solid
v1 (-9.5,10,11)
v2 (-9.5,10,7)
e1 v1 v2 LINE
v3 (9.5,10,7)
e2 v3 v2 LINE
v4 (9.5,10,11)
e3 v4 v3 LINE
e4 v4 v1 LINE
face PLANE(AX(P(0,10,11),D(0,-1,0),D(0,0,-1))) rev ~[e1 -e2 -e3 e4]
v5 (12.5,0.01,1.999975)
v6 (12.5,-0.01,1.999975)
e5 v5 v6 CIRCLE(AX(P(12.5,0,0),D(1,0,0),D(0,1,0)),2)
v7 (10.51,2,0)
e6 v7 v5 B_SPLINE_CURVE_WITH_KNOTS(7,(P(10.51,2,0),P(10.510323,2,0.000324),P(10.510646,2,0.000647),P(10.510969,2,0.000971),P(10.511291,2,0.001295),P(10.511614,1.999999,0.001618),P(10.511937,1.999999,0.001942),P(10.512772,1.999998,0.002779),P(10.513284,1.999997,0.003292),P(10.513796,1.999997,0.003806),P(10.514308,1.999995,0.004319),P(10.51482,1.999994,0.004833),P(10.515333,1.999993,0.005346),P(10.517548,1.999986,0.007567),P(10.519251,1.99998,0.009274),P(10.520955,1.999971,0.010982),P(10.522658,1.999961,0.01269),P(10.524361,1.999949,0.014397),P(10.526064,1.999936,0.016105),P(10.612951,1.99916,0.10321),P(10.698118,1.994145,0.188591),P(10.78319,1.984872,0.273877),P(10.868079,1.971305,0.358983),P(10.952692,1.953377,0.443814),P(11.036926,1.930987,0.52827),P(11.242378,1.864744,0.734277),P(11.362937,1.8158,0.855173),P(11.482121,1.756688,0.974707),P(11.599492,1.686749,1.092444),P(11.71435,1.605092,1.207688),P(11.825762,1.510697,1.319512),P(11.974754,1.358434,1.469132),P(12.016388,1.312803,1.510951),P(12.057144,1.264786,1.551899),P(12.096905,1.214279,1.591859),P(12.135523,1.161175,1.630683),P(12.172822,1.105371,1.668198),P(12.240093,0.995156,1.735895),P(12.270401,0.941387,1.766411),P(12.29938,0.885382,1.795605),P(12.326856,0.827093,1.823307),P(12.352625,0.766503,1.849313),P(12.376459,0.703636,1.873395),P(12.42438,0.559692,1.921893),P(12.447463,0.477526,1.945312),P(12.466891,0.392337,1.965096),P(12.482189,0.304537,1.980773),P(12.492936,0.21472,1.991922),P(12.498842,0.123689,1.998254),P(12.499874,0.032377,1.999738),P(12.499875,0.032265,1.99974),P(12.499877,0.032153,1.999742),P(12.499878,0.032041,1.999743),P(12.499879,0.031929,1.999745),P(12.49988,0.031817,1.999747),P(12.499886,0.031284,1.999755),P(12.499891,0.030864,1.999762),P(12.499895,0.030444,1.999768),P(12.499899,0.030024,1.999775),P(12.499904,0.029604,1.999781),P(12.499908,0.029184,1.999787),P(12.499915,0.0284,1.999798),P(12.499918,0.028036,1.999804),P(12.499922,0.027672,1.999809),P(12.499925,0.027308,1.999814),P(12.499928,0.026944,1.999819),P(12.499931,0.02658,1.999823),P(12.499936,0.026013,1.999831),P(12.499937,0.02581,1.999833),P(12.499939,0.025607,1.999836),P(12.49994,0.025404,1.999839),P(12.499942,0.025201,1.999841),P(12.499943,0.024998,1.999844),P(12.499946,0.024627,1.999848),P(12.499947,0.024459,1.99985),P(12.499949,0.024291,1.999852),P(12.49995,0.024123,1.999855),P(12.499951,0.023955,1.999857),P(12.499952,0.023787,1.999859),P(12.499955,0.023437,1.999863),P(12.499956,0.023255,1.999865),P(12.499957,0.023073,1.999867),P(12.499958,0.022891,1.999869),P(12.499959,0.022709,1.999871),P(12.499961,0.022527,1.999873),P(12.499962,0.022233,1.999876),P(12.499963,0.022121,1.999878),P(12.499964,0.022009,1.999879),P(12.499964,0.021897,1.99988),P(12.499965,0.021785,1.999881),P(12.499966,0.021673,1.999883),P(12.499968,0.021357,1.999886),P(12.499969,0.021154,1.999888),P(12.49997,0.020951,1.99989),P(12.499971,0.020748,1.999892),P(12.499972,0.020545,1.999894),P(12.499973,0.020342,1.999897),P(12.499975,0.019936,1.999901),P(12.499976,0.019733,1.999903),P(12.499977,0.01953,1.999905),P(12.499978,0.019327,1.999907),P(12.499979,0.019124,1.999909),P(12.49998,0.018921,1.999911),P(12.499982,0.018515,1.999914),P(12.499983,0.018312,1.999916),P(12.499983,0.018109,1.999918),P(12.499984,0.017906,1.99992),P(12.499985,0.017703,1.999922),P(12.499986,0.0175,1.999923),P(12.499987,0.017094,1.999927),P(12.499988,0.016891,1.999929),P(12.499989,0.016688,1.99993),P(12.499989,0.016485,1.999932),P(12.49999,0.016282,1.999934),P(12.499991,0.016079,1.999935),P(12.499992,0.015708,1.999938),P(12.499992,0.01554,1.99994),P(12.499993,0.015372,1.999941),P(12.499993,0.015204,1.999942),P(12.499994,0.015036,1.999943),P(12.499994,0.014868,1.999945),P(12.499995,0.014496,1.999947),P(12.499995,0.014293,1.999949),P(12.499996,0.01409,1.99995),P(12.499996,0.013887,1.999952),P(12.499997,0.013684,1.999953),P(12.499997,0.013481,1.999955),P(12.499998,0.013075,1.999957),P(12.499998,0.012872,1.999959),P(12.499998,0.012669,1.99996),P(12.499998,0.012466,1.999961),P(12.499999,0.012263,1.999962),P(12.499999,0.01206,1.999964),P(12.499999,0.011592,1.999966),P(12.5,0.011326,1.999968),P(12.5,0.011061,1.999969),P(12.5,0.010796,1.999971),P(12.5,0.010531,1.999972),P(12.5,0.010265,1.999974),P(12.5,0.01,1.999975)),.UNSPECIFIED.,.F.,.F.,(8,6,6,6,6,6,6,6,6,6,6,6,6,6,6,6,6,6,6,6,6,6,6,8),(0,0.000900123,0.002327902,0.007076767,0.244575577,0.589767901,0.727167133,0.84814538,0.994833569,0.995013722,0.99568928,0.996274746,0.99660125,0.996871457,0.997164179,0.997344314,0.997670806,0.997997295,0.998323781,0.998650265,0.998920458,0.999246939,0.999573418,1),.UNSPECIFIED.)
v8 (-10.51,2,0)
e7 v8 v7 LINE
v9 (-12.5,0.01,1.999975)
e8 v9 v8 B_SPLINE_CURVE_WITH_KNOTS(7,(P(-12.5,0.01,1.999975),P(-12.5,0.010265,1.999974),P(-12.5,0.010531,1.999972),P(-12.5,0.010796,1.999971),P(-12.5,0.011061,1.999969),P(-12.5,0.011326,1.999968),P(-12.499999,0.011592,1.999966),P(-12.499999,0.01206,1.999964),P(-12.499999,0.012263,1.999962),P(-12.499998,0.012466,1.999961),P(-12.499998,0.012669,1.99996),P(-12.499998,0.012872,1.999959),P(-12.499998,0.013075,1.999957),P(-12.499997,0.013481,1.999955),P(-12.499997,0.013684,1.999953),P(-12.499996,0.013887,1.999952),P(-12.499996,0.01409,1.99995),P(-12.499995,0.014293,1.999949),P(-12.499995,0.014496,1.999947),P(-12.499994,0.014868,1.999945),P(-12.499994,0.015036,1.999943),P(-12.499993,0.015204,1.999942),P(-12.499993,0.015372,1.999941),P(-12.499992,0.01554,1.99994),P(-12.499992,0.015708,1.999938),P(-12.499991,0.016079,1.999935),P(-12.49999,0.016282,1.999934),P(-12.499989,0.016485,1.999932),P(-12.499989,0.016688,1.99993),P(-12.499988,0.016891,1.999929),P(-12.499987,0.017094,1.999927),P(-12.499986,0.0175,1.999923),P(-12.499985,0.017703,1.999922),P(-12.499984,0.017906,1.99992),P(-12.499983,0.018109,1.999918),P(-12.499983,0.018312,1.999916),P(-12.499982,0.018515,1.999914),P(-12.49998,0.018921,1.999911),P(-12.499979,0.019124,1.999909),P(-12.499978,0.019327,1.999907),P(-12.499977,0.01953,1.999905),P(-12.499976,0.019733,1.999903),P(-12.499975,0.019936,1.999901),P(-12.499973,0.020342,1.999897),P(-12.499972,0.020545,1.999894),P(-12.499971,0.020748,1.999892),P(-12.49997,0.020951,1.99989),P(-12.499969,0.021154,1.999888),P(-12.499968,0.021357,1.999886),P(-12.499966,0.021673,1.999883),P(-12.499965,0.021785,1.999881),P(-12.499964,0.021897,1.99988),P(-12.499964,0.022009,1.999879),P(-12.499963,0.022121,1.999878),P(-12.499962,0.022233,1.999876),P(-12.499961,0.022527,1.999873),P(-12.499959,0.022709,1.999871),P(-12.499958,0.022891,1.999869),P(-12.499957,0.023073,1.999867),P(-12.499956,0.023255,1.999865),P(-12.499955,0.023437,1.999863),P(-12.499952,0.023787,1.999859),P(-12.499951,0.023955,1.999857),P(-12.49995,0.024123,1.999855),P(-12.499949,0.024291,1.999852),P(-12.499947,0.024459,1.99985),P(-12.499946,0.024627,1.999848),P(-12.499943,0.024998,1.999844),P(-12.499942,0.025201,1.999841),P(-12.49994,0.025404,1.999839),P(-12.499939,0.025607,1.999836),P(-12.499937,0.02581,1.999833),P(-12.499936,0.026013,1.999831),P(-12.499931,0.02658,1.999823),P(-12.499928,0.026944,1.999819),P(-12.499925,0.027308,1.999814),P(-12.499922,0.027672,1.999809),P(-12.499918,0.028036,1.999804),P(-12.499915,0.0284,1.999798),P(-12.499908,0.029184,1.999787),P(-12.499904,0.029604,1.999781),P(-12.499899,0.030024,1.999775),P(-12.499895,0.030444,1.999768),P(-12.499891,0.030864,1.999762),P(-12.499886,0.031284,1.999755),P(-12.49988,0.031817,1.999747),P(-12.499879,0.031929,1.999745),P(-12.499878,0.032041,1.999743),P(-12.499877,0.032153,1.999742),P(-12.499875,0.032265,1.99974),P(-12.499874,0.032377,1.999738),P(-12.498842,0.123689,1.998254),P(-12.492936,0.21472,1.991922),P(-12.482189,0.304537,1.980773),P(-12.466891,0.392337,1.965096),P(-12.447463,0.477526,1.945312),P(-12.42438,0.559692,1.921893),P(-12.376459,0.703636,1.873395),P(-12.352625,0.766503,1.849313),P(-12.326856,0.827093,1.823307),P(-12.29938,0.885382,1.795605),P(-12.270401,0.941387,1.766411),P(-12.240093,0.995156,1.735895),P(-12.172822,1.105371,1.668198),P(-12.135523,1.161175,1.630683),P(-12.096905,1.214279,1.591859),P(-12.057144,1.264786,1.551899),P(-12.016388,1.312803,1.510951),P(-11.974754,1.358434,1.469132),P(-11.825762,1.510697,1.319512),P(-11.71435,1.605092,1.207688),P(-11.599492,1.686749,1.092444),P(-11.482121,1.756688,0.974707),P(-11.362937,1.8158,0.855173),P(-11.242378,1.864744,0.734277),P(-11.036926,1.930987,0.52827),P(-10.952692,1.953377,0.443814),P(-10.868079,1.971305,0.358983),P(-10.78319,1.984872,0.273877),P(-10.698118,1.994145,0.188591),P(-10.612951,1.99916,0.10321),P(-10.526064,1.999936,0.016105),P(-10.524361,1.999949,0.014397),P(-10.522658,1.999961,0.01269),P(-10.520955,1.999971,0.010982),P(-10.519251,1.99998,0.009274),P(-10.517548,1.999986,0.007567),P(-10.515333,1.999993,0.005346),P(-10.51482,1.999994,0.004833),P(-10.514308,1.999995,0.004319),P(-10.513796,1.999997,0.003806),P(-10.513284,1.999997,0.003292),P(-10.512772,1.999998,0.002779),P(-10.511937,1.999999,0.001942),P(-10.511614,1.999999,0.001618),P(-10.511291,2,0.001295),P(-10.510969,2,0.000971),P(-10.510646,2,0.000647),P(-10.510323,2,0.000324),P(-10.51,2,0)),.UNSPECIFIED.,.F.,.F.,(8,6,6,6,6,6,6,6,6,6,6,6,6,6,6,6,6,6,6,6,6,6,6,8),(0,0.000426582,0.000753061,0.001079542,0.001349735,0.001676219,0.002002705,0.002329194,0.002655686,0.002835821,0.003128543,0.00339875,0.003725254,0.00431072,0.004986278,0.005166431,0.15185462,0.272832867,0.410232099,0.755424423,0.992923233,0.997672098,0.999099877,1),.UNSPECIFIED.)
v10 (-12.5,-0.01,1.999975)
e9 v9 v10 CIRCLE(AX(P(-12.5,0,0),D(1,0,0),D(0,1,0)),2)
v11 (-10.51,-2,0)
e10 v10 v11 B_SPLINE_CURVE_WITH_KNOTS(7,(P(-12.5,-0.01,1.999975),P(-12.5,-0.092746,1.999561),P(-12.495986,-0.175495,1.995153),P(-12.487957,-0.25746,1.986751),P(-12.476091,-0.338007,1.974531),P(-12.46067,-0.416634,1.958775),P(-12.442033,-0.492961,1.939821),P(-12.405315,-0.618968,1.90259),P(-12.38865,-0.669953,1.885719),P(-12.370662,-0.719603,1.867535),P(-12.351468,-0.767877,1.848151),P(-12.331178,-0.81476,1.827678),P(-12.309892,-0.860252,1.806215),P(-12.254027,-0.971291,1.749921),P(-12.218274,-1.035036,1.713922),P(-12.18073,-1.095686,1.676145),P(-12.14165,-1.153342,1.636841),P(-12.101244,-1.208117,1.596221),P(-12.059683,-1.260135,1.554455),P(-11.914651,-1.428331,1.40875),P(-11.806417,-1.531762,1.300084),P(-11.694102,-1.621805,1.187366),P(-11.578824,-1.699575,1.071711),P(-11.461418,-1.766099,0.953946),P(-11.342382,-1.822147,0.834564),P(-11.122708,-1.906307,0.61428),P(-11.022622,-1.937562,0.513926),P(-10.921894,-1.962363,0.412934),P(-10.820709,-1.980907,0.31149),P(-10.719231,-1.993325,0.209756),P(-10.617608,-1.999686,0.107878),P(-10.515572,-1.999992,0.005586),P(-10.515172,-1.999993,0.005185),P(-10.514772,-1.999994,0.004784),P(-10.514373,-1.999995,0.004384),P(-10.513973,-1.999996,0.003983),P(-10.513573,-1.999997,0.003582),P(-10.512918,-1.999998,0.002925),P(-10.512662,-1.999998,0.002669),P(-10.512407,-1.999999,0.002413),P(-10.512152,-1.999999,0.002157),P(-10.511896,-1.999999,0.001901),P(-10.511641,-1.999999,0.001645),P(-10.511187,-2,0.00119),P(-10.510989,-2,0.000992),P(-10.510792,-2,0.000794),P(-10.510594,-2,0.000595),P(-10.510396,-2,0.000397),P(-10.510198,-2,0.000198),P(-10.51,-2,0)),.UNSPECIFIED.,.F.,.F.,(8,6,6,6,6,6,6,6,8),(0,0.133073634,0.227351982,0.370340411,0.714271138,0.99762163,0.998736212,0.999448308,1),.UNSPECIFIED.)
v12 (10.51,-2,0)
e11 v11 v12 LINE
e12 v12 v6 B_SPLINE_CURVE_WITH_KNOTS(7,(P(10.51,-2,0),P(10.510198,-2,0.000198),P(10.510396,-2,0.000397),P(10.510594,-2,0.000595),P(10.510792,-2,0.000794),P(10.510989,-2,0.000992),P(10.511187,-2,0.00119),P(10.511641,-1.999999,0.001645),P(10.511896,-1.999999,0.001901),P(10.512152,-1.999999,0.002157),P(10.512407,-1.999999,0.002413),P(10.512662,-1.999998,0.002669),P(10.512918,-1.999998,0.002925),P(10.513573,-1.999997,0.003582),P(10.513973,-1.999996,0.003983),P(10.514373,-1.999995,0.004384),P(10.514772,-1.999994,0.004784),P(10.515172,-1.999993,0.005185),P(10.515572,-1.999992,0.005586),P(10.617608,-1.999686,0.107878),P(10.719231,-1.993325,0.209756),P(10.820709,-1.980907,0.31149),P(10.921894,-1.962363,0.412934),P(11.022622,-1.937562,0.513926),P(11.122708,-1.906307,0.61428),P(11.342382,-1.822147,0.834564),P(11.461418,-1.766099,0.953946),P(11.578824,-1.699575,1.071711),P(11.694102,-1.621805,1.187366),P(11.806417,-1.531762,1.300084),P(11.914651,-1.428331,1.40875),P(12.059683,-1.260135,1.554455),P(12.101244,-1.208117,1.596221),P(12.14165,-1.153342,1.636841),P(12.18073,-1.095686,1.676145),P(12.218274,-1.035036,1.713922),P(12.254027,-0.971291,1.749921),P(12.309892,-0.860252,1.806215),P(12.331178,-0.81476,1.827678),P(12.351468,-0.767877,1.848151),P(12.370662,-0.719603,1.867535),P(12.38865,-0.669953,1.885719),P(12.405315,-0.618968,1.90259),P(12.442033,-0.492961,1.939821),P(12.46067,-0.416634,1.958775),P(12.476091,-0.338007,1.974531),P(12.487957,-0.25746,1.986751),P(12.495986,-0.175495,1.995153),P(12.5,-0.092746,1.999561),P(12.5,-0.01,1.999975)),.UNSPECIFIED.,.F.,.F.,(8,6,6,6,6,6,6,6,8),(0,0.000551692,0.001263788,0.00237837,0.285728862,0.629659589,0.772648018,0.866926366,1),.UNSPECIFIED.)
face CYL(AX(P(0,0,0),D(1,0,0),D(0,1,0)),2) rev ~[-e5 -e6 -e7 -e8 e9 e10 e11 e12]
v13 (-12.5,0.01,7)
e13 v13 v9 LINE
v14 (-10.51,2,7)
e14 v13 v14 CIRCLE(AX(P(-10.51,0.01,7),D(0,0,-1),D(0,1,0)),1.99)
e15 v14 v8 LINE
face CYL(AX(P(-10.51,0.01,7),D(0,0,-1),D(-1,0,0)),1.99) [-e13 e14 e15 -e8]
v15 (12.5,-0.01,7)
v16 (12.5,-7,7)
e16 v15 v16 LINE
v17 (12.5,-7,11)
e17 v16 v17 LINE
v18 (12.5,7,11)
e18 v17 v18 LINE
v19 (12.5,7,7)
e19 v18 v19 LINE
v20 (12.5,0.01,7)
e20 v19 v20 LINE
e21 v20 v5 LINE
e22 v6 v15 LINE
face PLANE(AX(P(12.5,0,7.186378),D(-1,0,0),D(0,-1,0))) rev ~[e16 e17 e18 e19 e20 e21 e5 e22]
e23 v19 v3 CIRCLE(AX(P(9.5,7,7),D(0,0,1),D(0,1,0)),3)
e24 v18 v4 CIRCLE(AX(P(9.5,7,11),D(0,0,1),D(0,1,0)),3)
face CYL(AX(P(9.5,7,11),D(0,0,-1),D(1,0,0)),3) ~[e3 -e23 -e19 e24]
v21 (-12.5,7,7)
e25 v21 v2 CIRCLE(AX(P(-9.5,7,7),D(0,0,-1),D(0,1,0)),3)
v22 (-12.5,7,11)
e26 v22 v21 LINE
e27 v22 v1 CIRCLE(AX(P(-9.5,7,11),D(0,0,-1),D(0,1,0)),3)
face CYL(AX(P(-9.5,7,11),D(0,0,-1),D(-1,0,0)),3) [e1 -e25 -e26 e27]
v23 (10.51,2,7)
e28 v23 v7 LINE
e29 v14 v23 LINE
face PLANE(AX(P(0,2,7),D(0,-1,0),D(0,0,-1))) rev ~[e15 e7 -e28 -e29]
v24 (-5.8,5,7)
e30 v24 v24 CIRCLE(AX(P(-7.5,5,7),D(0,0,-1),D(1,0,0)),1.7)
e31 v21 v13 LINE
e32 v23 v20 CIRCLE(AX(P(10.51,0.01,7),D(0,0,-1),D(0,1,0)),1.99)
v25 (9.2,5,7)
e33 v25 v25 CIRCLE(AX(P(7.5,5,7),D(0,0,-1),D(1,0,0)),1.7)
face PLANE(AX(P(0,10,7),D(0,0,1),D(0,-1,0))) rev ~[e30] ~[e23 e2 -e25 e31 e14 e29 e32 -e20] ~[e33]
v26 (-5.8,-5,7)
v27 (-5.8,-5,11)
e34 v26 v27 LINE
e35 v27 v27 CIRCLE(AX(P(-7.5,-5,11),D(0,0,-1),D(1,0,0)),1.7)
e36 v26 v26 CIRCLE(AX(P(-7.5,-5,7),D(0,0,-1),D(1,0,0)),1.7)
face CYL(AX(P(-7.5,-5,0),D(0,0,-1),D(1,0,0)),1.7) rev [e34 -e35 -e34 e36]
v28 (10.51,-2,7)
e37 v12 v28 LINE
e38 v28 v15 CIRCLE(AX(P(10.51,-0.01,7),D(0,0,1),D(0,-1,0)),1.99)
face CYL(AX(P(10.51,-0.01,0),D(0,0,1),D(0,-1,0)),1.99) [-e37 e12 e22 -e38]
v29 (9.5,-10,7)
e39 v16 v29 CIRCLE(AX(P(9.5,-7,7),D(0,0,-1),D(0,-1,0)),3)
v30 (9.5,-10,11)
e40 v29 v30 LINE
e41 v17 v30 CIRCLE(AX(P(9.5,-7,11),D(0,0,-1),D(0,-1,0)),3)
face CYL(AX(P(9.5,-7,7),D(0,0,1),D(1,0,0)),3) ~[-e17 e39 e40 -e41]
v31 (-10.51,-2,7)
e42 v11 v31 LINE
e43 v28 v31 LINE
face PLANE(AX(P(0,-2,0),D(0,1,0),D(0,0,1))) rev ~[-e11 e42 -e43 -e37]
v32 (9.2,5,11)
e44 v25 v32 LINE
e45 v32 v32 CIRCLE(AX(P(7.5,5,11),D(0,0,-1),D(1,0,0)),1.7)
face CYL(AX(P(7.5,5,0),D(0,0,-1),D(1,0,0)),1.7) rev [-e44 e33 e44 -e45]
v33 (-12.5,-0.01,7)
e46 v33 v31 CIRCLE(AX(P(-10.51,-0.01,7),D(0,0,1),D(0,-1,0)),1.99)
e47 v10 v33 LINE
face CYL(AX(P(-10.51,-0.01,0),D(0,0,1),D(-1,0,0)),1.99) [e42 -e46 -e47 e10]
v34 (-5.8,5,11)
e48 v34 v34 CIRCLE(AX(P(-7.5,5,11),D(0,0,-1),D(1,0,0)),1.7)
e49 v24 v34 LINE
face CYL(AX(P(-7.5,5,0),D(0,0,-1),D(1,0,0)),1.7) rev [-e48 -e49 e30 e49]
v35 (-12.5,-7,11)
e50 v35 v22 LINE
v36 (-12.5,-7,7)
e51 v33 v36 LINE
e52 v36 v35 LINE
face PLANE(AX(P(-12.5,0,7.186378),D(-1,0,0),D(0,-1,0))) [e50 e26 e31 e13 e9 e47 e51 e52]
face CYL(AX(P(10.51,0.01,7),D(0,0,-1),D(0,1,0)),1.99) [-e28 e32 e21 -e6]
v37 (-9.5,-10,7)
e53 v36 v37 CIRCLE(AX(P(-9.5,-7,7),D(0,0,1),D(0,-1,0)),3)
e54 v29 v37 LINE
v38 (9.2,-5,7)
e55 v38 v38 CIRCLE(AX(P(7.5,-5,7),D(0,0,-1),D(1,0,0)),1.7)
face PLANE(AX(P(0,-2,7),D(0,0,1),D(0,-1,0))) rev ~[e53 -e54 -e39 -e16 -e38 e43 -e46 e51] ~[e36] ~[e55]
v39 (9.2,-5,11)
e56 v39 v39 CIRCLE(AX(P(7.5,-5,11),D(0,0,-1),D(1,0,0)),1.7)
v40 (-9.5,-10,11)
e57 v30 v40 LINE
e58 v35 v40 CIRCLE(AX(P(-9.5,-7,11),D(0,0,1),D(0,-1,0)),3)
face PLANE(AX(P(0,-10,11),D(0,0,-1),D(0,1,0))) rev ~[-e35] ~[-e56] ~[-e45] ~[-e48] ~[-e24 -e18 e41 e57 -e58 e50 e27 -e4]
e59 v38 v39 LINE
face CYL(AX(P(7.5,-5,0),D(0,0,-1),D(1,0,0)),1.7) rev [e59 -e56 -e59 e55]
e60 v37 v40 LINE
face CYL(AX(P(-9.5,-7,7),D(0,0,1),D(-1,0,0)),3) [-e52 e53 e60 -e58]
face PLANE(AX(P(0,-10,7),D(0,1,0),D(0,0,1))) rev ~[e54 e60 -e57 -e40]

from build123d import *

# Parameters (mm, degrees)
PAD_DEPTH         = 12.5
SKETCH001_R       = 1.7
POCKET_DEPTH      = 0.001
POCKET_DEPTH_BACK = -11.001
FILLET_R          = 3
FILLET001_R       = 1.99


with BuildPart() as part:
    # Sketch → Pad (new body, symmetric)
    with BuildSketch(Plane.YZ):
        with BuildLine():
            Line((-2, 0), (-2, 7))
            Line((-2, 7), (-10, 7))
            Line((-10, 7), (-10, 11))
            Line((-10, 11), (10, 11))
            Line((10, 11), (10, 7))
            Line((10, 7), (2, 7))
            Line((2, 7), (2, 0))
            ThreePointArc((2, 0), (0, 2), (-2, 0))
        make_face()
    extrude(amount=PAD_DEPTH, both=True)

    # Sketch001 → Pocket (cut, two sides)
    with BuildSketch(Plane.XY) as pocket_sk:
        with Locations((-7.5, 5)):
            Circle(SKETCH001_R)
        with Locations((-7.5, -5)):
            Circle(SKETCH001_R)
        with Locations((7.5, 5)):
            Circle(SKETCH001_R)
        with Locations((7.5, -5)):
            Circle(SKETCH001_R)
    extrude(amount=-POCKET_DEPTH, mode=Mode.SUBTRACT)
    extrude(pocket_sk.sketch, amount=-POCKET_DEPTH_BACK, mode=Mode.SUBTRACT)

    # Fillet
    fillet_edges = [part.edges().sort_by_distance(p)[0] for p in [
        (12.5, 10, 9),
        (12.5, -10, 9),
        (-12.5, -10, 9),
        (-12.5, 10, 9),
    ]]
    fillet(fillet_edges, radius=FILLET_R)

    # Fillet001
    fillet001_edges = [part.edges().sort_by_distance(p)[0] for p in [
        (-12.5, -2, 3.5),
        (-12.5, 2, 3.5),
        (12.5, -2, 3.5),
        (12.5, 2, 3.5),
    ]]
    fillet(fillet001_edges, radius=FILLET001_R)


solid = part.part
